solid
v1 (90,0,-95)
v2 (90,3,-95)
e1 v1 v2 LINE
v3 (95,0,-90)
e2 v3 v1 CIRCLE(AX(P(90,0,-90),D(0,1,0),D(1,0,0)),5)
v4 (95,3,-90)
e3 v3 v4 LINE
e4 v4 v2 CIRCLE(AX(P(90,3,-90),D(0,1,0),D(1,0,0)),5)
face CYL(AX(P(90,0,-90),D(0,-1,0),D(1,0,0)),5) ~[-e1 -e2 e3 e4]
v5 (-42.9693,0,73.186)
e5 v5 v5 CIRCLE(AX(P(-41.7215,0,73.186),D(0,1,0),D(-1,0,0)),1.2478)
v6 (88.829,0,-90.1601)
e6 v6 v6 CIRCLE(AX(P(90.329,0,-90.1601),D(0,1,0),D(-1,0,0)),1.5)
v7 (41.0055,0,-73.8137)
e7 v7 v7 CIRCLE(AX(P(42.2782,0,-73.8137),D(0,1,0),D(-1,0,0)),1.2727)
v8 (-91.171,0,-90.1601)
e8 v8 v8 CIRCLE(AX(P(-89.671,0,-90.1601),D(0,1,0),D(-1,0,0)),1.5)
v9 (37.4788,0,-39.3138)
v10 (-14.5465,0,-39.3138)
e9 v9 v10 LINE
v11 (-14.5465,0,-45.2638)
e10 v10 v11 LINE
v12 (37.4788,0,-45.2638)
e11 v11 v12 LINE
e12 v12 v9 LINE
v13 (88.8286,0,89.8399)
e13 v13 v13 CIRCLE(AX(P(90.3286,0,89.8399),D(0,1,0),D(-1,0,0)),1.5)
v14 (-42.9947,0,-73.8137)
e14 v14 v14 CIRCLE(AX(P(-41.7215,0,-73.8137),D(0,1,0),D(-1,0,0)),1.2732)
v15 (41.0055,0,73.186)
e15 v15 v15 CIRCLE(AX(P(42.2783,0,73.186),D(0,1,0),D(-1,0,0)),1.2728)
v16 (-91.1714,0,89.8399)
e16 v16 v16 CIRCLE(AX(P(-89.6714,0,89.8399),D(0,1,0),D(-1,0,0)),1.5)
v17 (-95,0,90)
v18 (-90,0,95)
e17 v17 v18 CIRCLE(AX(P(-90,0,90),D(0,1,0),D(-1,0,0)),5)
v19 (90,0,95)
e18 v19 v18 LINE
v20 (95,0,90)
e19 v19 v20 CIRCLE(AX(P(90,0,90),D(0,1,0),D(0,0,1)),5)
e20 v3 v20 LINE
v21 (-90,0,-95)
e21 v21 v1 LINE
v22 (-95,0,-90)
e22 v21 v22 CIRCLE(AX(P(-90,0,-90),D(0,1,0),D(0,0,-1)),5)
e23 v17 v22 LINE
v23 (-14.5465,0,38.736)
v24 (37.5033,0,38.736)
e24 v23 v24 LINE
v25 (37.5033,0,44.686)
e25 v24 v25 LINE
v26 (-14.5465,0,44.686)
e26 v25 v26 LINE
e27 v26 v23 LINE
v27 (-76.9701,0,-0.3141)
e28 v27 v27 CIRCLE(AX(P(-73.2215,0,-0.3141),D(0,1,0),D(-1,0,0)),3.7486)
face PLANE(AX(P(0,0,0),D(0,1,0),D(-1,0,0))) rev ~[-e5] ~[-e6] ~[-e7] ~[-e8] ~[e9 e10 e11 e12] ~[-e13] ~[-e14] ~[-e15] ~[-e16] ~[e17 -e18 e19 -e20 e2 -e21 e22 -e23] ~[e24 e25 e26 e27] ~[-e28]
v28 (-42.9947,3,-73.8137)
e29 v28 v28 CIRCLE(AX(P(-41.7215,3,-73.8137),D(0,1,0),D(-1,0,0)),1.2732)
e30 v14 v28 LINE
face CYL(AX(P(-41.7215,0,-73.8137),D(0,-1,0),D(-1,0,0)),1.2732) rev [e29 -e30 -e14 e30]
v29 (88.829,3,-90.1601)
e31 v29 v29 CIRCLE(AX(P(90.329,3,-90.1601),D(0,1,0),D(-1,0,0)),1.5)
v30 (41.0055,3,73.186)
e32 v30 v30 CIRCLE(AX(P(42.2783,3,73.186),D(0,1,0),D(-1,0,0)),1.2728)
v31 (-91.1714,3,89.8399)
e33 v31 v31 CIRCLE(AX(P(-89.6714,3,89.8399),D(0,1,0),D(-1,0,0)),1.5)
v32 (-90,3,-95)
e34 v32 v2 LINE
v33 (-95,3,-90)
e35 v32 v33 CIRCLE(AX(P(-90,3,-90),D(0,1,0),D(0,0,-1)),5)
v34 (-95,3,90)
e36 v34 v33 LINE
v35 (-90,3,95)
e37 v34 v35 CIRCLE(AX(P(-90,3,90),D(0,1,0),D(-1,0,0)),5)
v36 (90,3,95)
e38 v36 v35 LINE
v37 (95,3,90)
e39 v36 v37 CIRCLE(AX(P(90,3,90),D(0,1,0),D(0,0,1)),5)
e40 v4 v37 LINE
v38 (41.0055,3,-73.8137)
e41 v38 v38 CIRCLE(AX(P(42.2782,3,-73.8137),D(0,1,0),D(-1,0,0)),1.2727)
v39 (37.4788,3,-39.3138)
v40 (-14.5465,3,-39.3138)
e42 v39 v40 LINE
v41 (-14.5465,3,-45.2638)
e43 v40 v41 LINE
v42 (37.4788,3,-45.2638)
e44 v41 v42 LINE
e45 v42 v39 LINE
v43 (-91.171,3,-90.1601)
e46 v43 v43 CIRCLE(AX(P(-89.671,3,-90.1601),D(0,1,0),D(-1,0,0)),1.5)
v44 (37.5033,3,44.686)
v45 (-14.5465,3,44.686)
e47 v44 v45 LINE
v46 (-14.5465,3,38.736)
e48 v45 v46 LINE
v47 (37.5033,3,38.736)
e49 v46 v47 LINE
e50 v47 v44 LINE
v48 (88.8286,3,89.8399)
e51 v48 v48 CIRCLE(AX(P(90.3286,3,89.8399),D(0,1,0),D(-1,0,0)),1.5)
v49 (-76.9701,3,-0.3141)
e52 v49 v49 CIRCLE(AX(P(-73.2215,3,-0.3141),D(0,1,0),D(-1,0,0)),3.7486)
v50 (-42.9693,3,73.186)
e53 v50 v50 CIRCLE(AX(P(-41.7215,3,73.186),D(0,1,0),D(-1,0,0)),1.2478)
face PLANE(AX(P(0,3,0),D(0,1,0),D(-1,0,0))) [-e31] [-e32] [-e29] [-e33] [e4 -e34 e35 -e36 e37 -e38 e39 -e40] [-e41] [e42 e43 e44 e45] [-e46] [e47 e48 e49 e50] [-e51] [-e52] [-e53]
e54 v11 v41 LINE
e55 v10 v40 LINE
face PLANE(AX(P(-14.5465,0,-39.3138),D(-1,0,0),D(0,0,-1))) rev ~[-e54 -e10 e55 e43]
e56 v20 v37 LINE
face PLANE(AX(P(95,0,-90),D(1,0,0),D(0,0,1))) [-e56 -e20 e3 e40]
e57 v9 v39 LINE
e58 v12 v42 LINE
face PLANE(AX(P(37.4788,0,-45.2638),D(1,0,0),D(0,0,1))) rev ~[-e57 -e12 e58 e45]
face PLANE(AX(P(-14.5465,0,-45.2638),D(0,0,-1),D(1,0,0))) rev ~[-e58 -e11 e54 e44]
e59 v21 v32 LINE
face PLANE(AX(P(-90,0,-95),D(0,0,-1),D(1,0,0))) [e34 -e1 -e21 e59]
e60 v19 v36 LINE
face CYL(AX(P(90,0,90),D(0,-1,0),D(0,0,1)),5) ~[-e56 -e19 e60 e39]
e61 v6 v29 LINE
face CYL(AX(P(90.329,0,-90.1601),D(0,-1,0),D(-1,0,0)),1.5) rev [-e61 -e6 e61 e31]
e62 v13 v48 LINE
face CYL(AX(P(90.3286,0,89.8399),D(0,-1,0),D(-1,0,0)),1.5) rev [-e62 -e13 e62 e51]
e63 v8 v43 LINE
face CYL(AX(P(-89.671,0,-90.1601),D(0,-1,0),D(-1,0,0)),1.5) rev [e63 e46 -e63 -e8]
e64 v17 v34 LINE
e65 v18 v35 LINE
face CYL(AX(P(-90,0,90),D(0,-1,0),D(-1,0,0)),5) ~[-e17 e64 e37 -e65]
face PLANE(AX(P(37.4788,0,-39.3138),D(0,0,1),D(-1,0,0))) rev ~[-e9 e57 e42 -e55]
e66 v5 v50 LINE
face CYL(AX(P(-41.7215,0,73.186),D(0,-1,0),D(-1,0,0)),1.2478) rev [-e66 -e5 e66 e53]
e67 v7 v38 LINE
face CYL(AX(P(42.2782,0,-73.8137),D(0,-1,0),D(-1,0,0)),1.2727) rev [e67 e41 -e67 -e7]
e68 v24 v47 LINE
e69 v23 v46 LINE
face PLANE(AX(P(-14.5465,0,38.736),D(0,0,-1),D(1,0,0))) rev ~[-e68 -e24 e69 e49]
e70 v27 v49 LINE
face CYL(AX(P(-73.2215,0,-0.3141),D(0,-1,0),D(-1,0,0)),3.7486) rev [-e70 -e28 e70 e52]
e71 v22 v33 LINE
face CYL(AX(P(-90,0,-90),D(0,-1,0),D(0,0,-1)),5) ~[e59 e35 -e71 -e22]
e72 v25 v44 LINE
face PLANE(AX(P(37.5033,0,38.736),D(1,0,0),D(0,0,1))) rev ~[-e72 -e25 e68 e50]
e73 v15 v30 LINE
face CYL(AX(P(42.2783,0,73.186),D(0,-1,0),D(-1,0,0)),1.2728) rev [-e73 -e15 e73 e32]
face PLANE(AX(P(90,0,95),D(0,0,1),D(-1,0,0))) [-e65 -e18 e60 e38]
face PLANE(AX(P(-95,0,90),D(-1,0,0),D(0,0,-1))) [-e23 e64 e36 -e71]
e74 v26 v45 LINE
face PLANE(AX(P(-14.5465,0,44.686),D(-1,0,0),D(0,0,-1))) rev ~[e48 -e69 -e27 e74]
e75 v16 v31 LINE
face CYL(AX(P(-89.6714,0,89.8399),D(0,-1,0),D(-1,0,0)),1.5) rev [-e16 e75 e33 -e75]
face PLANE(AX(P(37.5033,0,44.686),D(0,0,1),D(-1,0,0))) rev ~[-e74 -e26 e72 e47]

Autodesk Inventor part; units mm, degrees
ref_plane "YZ Plane" through (0, 0, 0) normal (1, 0, 0) x (0, 1, 0)
ref_plane "XZ Plane" through (0, 0, 0) normal (0, 1, 0) x (-1, 0, 0)
ref_plane "XY Plane" through (0, 0, 0) normal (0, 0, 1) x (1, 0, 0)
sketch "Sketch1" plane through (0, 0, 0) normal (0, 1, 0) x (-1, 0, 0)
  line L0 (-90, 95) -> (90, 95)
  line L1 (95, 90) -> (95, -90)
  line L2 (90, -95) -> (-90, -95)
  line L3 (-95, -90) -> (-95, 90)
  line L4 (-37.5033, 38.736) -> (-37.5033, 44.686)
  line L5 (-37.5033, 44.686) -> (14.5465, 44.686)
  line L6 (14.5465, 44.686) -> (14.5465, 38.736)
  line L7 (14.5465, 38.736) -> (-37.5033, 38.736)
  line L8 (-37.4788, -45.2638) -> (-37.4788, -39.3138)
  line L9 (-37.4788, -39.3138) -> (14.5465, -39.3138)
  line L10 (14.5465, -39.3138) -> (14.5465, -45.2638)
  line L11 (14.5465, -45.2638) -> (-37.4788, -45.2638)
  circle A0 centre (41.7215, 73.186) radius 1.2478
  circle A1 centre (73.2215, -0.3141) radius 3.7486
  circle A2 centre (41.7215, -73.8137) radius 1.2732
  circle A3 centre (-42.2782, -73.8137) radius 1.2727
  circle A4 centre (-42.2783, 73.186) radius 1.2728
  circle A5 centre (89.6714, 89.8399) radius 1.5
  circle A6 centre (89.671, -90.1601) radius 1.5
  circle A7 centre (-90.329, -90.1601) radius 1.5
  circle A8 centre (-90.3286, 89.8399) radius 1.5
  arc A9 (90, -95) -> (95, -90) centre (90, -90) ccw
  arc A10 (-95, -90) -> (-90, -95) centre (-90, -90) ccw
  arc A11 (-90, 95) -> (-95, 90) centre (-90, 90) ccw
  arc A12 (95, 90) -> (90, 95) centre (90, 90) ccw
  point P0 (-95, 95)
  point P1 (95, 95)
  point P2 (95, -95)
  point P3 (-95, -95)
  point P4 (0, 0)
  point P5 (0, 0)
  dimension "d4" = 3
  dimension "d0" = 3
  dimension "d1" = 3
  dimension "d2" = 3
  dimension "d3" = 3
  dimension "d6" = 5
  dimension "d7" = 95
  dimension "d8" = 95
  dimension "d9" = 180
  dimension "d10" = 180
  dimension "d11" = 180
  dimension "d12" = 180
  dimension "d13" = 190
  dimension "d14" = 190
  dimension "d15" = 73.5001
  dimension "d16" = 31.5
  dimension "d17" = 95
  dimension "d18" = 95
extrude "Extrusion1" add sketch "Sketch1" along normal blind 3
properties part number "Old case New Board Adapter" material "Glass"
